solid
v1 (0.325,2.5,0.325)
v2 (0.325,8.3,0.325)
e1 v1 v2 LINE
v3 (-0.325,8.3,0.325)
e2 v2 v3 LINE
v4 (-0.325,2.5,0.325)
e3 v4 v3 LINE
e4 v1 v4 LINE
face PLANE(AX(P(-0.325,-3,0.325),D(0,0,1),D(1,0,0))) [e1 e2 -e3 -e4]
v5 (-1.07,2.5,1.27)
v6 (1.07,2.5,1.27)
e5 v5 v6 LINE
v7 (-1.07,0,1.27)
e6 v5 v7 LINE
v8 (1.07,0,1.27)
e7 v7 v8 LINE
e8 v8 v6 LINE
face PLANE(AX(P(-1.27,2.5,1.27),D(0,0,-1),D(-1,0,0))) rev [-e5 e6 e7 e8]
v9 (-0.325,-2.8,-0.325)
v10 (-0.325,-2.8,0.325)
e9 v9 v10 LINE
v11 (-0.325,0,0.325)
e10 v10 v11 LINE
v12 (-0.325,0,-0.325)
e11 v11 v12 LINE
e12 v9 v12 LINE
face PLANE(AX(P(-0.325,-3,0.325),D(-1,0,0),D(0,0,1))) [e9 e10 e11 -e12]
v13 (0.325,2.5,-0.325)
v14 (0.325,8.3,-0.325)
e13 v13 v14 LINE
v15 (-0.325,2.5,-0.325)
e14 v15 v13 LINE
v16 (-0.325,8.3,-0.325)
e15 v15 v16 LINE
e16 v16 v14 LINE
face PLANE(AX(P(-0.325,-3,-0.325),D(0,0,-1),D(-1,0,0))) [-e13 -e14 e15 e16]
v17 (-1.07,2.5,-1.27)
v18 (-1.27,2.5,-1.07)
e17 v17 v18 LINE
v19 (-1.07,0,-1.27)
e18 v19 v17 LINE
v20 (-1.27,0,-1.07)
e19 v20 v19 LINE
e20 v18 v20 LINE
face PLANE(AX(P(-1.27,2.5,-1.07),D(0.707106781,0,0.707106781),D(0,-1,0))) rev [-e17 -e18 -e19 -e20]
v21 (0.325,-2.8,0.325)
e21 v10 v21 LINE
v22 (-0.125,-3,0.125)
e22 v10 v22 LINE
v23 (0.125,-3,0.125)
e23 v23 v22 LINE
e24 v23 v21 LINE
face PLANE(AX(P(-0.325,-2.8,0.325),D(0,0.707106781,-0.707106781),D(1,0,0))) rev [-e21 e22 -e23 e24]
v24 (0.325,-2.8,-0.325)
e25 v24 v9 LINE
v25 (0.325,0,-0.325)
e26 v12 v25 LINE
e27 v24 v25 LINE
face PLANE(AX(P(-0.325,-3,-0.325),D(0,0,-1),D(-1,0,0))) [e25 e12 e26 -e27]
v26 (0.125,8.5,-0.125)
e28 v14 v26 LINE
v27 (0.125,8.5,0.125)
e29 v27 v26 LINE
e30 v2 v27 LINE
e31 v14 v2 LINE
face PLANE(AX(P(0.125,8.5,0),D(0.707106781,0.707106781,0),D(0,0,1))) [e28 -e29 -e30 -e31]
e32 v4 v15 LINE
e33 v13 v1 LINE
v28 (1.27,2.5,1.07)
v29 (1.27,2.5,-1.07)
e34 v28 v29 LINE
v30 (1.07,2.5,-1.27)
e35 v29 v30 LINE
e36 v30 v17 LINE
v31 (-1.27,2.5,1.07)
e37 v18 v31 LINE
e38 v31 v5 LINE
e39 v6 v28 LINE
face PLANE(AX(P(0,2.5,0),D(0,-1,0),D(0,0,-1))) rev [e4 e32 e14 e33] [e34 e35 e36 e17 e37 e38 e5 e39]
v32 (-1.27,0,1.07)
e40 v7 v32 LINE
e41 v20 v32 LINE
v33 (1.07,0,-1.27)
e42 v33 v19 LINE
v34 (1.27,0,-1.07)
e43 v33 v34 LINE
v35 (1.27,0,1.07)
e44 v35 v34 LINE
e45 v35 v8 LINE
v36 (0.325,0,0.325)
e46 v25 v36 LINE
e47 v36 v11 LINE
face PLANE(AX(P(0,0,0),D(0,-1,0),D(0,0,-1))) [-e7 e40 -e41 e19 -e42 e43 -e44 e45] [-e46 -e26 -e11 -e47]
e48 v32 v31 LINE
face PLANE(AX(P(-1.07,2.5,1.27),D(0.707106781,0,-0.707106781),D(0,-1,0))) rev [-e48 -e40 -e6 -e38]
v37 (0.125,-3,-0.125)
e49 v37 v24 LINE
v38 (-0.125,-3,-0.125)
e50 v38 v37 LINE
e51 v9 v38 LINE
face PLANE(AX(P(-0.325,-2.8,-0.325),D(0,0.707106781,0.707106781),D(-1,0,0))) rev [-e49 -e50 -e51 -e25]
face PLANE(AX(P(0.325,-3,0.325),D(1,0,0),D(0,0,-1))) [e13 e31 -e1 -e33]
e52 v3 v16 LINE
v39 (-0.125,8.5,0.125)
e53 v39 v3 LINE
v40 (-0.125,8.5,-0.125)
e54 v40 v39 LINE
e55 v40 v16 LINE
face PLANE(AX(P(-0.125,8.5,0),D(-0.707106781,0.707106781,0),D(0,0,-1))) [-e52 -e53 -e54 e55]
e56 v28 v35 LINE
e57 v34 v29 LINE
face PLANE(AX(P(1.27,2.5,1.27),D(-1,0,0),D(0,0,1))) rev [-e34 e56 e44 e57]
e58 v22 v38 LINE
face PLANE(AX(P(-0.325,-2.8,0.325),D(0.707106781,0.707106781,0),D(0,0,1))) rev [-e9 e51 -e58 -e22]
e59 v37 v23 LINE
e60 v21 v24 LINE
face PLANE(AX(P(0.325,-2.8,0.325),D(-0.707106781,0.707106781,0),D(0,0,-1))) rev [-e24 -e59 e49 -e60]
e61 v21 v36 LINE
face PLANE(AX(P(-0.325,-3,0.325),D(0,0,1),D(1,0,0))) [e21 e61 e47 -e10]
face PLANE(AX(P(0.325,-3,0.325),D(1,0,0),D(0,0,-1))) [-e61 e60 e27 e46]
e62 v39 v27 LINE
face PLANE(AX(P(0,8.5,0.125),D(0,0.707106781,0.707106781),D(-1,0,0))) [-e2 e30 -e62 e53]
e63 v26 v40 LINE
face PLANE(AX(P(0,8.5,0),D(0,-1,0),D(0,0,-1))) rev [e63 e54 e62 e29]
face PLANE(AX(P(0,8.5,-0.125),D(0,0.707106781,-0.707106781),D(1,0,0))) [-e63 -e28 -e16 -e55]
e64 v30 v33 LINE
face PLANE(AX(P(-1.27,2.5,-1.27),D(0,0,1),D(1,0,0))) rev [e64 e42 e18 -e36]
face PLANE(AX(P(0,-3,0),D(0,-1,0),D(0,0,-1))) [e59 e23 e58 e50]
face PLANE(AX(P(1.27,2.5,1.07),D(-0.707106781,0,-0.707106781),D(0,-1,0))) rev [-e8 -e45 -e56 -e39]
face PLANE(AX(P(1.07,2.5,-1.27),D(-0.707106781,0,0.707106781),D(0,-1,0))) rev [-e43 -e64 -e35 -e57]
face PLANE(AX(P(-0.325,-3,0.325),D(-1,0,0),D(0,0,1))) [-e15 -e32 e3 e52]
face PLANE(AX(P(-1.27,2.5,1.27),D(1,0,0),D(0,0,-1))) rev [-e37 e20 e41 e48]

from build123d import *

# Parameters (mm, degrees)
SKETCH1_W                = 2.54
SKETCH1_H                = 2.54
BOSS_EXTRUDE1_DEPTH      = 2.5
BOSS_EXTRUDE2_DEPTH      = 6
BOSS_EXTRUDE2_DEPTH_BACK = 5.5
SKETCH2_W                = 0.65
SKETCH2_H                = 0.65
CHAMFER1_SIZE            = 0.2
CHAMFER2_SIZE            = 0.2


with BuildPart() as part:
    # Sketch1 → Boss-Extrude1 (new body)
    with BuildSketch(Plane(origin=(0, 0, 0), x_dir=(1, 0, 0), z_dir=(0, 1, 0))):
        Rectangle(SKETCH1_W, SKETCH1_H)
    extrude(amount=BOSS_EXTRUDE1_DEPTH)

    # Sketch2 → Boss-Extrude2 (add, two sides: drawn at the far end of the back side and taken through both)
    with BuildSketch(Plane(origin=(0, 2.5, 0), x_dir=(1, 0, 0), z_dir=(0, 1, 0)).offset(-BOSS_EXTRUDE2_DEPTH_BACK)):
        Rectangle(SKETCH2_W, SKETCH2_H)
    extrude(amount=BOSS_EXTRUDE2_DEPTH + BOSS_EXTRUDE2_DEPTH_BACK)

    # Chamfer1
    chamfer1_edges = [part.edges().sort_by_distance(p)[0] for p in [
        (1.27, 1.25, 1.27),
        (-1.27, 1.25, 1.27),
        (-1.27, 1.25, -1.27),
        (1.27, 1.25, -1.27),
    ]]
    chamfer(chamfer1_edges, length=CHAMFER1_SIZE)

    # Chamfer2
    chamfer2_edges = [part.edges().sort_by_distance(p)[0] for p in [
        (0.325, -3, 0),
        (0, -3, 0.325),
        (-0.325, -3, 0),
        (0, -3, -0.325),
        (0.325, 8.5, 0),
        (0, 8.5, -0.325),
        (-0.325, 8.5, 0),
        (0, 8.5, 0.325),
    ]]
    chamfer(chamfer2_edges, length=CHAMFER2_SIZE)


solid = part.part
